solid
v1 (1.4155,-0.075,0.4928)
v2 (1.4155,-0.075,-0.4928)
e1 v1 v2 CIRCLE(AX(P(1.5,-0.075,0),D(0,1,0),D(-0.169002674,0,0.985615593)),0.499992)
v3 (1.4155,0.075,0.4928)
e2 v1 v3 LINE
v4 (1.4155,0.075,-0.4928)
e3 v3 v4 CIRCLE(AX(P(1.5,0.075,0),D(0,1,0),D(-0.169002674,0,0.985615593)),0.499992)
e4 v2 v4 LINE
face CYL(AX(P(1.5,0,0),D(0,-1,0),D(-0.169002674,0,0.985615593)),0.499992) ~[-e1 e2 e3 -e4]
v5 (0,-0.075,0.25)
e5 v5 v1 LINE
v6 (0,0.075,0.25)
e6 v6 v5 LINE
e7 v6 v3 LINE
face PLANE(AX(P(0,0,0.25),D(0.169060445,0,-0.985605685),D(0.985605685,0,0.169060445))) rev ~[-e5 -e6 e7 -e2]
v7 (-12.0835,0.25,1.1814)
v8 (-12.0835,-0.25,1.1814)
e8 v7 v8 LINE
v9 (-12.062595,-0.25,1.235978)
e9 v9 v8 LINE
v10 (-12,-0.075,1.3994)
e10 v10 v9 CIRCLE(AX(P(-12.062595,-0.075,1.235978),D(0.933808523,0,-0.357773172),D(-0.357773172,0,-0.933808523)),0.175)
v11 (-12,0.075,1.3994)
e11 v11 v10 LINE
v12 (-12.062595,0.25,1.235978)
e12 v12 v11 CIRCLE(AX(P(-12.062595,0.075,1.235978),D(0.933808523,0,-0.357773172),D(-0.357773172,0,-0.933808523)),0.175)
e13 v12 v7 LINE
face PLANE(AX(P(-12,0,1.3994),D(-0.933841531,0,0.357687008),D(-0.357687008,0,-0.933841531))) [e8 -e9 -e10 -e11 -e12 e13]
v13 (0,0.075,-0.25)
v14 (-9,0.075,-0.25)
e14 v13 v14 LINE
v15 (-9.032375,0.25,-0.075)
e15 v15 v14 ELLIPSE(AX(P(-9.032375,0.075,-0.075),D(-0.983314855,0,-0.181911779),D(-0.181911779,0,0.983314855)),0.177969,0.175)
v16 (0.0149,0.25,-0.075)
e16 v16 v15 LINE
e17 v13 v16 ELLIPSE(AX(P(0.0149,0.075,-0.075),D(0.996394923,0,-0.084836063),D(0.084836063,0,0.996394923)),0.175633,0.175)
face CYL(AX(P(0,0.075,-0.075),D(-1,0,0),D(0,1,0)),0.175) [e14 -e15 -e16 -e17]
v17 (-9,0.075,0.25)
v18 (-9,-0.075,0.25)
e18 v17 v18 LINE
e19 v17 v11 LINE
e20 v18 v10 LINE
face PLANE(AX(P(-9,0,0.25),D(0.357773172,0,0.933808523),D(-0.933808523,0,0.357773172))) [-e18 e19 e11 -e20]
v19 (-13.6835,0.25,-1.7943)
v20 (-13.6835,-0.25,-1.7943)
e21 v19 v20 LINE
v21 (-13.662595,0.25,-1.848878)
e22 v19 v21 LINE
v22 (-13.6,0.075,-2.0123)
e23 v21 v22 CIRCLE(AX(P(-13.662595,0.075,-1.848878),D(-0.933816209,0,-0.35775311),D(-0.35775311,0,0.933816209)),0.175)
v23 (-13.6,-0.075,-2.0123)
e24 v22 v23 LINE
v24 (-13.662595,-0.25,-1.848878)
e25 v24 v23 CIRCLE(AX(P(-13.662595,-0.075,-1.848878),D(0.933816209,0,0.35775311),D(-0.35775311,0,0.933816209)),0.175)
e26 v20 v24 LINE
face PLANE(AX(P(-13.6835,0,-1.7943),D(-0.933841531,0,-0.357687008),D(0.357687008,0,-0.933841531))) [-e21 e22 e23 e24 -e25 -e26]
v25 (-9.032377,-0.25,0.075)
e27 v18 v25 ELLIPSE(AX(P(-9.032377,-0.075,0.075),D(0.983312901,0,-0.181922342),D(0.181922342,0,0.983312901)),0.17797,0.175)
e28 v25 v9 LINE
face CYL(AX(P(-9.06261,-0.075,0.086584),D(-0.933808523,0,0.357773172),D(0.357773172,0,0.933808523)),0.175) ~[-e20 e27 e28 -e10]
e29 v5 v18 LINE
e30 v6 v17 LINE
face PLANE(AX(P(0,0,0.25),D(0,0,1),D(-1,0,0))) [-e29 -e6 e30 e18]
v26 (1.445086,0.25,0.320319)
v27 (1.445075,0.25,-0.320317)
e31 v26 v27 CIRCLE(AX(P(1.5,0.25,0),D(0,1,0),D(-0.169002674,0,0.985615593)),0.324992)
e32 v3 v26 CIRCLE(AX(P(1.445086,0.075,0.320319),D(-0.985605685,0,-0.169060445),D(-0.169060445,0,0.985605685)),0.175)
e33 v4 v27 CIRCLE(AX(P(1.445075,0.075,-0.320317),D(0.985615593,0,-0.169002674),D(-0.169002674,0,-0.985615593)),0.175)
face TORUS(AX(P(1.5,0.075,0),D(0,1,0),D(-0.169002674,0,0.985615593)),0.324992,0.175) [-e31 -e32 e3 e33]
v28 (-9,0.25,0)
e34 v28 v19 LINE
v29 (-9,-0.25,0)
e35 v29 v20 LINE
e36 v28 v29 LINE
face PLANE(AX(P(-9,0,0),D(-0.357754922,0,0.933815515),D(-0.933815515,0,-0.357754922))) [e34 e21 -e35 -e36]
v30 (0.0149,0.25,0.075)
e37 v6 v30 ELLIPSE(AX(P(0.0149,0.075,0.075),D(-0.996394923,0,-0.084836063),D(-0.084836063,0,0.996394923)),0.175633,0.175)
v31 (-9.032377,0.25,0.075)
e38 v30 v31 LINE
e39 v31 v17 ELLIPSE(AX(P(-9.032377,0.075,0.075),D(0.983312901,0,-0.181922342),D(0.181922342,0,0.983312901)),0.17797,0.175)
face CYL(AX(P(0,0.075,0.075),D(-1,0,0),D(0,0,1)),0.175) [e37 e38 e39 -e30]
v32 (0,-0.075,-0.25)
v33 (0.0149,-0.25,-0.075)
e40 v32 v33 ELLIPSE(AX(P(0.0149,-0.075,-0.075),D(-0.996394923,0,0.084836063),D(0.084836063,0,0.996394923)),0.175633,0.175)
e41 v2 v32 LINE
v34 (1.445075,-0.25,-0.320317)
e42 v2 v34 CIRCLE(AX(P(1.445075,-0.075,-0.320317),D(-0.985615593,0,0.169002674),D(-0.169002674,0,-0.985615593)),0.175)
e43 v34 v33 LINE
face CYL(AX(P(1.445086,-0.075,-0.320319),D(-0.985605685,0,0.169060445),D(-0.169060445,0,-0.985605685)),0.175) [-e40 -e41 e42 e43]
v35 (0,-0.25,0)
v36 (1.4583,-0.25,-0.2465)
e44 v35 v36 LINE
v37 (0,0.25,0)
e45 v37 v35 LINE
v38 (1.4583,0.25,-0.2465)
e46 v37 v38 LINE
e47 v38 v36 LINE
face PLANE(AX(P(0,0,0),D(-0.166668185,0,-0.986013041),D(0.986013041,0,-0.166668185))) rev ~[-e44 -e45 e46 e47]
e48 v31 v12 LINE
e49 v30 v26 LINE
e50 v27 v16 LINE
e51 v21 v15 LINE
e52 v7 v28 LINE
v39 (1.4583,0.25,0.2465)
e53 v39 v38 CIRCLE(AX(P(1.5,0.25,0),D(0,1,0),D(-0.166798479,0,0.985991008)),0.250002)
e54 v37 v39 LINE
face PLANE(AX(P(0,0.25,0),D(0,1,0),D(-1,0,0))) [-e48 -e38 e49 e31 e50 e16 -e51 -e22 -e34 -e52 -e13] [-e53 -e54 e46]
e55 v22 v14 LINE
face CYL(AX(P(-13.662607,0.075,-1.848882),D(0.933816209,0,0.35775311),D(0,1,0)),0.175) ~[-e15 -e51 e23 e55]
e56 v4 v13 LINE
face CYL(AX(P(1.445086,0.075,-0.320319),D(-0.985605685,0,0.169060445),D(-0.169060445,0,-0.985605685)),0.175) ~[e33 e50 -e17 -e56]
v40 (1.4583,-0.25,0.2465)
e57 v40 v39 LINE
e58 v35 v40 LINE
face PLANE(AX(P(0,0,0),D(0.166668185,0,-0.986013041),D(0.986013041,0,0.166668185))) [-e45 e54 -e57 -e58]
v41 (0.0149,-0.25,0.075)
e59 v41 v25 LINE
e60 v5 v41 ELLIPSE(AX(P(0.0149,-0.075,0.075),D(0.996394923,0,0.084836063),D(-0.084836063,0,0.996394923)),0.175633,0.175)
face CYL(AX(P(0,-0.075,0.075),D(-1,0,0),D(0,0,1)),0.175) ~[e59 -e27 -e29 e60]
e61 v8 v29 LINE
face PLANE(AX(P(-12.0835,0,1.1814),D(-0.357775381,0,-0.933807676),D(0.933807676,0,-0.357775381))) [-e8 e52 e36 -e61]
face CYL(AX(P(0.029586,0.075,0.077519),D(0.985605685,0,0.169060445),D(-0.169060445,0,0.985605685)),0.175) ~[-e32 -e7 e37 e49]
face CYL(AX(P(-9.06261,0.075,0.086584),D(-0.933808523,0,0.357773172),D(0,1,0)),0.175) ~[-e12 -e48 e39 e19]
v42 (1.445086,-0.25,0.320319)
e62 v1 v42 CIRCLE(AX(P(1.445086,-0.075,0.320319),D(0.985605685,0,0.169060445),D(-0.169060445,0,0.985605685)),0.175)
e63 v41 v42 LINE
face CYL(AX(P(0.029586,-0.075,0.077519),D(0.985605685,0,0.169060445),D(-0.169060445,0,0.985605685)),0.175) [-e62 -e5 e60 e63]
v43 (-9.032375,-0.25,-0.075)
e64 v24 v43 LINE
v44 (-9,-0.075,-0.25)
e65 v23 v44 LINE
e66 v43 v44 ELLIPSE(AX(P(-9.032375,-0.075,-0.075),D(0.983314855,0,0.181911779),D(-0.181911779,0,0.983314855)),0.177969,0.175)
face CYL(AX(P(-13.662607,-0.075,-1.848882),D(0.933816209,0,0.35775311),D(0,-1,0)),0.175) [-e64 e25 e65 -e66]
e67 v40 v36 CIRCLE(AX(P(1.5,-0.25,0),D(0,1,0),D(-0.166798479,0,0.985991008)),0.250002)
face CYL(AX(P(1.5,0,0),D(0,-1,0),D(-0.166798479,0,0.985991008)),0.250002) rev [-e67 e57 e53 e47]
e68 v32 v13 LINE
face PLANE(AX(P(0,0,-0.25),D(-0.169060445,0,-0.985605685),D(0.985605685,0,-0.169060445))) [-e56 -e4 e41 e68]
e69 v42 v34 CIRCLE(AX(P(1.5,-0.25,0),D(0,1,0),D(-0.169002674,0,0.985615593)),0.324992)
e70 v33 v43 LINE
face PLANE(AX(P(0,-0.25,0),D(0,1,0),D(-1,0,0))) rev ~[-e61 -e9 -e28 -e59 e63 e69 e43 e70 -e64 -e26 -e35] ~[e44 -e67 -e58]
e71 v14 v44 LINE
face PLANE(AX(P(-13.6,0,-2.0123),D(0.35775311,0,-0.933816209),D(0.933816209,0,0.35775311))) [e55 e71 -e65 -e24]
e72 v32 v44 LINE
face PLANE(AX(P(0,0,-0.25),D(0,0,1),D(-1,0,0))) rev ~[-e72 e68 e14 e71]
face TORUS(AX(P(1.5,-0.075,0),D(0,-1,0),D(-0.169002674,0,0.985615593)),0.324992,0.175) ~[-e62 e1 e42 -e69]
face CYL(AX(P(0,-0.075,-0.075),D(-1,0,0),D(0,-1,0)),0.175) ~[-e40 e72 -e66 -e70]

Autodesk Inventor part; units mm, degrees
ref_plane "YZ Plane" through (0, 0, 0) normal (1, 0, 0) x (0, 1, 0)
sketch "Skizze1" plane through (0, 0, 0) normal (0, 1, 0) x (-1, 0, 0)
  arc A0 (-1.4155, 0.4928) -> (-1.4155, -0.4928) centre (-1.5, 0) ccw
  arc A1 (-1.4583, 0.2465) -> (-1.4583, -0.2465) centre (-1.5, 0) ccw
  line L0 (0, 0.25) -> (9, 0.25)
  line L1 (0, -0.25) -> (9, -0.25)
  line L2 (9, 0.25) -> (12, 1.3994)
  line L3 (12, 1.3994) -> (12.0835, 1.1814)
  line L4 (12.0835, 1.1814) -> (9, 0)
  line L5 (9, 0) -> (13.6835, -1.7943)
  line L6 (13.6835, -1.7943) -> (13.6, -2.0123)
  line L7 (13.6, -2.0123) -> (9, -0.25)
  line L8 (0, 0) -> (-1.4583, -0.2465)
  line L9 (0, 0) -> (-1.4583, 0.2465)
  line L10 (0, 0.25) -> (0, -0.25) construction
  line L11 (0, 0.25) -> (-1.4155, 0.4928)
  line L12 (0, -0.25) -> (-1.4155, -0.4928)
  line L13 (-2, 0) -> (9, 0) construction
  line L14 (9, 0.25) -> (9, -0.25) construction
  dimension "d0" = 9
  dimension "d1" = 12
  dimension "d2" = 159.037
  dimension "d3" = 159.037
  dimension "d4" = 1.6
  dimension "d5" = 0.25
  dimension "d6" = 0.5
  dimension "d7" = 0.25
  dimension "d8" = 0.25
  dimension "d9" = 1.5
extrude "Körper" add sketch "Skizze1" along normal mid plane 0.5
fillet "Rundung" radius 0.175 14 edges at (-10.5, -0.25, 0.8247) (-10.5, 0.25, 0.8247) (-4.5, -0.25, 0.25) (-4.5, 0.25, 0.25) (2, -0.25, 0) (0.7077, -0.25, -0.3714) (0.7077, -0.25, 0.3714) (2, 0.25, 0) (0.7077, 0.25, 0.3714) (0.7077, 0.25, -0.3714) (-4.5, -0.25, -0.25) (-11.3, -0.25, -1.1312) (-4.5, 0.25, -0.25) (-11.3, 0.25, -1.1312)
ref_plane "Work Plane1" through (0, -10, 0) normal (0, 0, -1) x (0, 1, 0)
ref_plane "Work Plane3" through (0, 0, 0.25) normal (-1, 0, 0) x (0, 1, 0)
equation "\"d0\" = MSIAB"
equation "\"d1\" = SNLG"
equation "\"d4\" = LGDIF"
equation "\"d5\" = -0.5 * SNND1 + 0.5 * KBR"
equation "\"d6\" = 0.5 * KBR"
equation "\"d7\" = 0.5 * SNND1"
equation "\"d8\" = 0.5 * SNND1"
equation "\"d9\" = KOL - 0.5 * KBR"
equation "\"d10\" = SNND1"
equation "\"d12\" = 0.35 * SNND1"
equation "\"SNND\" = 0.6"
equation "\"SNLG\" = 12"
equation "\"SNND1\" = 0.5"
equation "\"KBR\" = 1"
equation "\"KOL\" = 2"
equation "\"LGDIF\" = 1.6"
equation "\"MSIAB\" = 9"
equation "\"NNDMAX\" = 2.5"
equation "\"DSH\" = 1.5"
equation "\"NNDMIN\" = 0"
properties part number "ISO 1234 - 0,6 x 12" material "Stahl"
